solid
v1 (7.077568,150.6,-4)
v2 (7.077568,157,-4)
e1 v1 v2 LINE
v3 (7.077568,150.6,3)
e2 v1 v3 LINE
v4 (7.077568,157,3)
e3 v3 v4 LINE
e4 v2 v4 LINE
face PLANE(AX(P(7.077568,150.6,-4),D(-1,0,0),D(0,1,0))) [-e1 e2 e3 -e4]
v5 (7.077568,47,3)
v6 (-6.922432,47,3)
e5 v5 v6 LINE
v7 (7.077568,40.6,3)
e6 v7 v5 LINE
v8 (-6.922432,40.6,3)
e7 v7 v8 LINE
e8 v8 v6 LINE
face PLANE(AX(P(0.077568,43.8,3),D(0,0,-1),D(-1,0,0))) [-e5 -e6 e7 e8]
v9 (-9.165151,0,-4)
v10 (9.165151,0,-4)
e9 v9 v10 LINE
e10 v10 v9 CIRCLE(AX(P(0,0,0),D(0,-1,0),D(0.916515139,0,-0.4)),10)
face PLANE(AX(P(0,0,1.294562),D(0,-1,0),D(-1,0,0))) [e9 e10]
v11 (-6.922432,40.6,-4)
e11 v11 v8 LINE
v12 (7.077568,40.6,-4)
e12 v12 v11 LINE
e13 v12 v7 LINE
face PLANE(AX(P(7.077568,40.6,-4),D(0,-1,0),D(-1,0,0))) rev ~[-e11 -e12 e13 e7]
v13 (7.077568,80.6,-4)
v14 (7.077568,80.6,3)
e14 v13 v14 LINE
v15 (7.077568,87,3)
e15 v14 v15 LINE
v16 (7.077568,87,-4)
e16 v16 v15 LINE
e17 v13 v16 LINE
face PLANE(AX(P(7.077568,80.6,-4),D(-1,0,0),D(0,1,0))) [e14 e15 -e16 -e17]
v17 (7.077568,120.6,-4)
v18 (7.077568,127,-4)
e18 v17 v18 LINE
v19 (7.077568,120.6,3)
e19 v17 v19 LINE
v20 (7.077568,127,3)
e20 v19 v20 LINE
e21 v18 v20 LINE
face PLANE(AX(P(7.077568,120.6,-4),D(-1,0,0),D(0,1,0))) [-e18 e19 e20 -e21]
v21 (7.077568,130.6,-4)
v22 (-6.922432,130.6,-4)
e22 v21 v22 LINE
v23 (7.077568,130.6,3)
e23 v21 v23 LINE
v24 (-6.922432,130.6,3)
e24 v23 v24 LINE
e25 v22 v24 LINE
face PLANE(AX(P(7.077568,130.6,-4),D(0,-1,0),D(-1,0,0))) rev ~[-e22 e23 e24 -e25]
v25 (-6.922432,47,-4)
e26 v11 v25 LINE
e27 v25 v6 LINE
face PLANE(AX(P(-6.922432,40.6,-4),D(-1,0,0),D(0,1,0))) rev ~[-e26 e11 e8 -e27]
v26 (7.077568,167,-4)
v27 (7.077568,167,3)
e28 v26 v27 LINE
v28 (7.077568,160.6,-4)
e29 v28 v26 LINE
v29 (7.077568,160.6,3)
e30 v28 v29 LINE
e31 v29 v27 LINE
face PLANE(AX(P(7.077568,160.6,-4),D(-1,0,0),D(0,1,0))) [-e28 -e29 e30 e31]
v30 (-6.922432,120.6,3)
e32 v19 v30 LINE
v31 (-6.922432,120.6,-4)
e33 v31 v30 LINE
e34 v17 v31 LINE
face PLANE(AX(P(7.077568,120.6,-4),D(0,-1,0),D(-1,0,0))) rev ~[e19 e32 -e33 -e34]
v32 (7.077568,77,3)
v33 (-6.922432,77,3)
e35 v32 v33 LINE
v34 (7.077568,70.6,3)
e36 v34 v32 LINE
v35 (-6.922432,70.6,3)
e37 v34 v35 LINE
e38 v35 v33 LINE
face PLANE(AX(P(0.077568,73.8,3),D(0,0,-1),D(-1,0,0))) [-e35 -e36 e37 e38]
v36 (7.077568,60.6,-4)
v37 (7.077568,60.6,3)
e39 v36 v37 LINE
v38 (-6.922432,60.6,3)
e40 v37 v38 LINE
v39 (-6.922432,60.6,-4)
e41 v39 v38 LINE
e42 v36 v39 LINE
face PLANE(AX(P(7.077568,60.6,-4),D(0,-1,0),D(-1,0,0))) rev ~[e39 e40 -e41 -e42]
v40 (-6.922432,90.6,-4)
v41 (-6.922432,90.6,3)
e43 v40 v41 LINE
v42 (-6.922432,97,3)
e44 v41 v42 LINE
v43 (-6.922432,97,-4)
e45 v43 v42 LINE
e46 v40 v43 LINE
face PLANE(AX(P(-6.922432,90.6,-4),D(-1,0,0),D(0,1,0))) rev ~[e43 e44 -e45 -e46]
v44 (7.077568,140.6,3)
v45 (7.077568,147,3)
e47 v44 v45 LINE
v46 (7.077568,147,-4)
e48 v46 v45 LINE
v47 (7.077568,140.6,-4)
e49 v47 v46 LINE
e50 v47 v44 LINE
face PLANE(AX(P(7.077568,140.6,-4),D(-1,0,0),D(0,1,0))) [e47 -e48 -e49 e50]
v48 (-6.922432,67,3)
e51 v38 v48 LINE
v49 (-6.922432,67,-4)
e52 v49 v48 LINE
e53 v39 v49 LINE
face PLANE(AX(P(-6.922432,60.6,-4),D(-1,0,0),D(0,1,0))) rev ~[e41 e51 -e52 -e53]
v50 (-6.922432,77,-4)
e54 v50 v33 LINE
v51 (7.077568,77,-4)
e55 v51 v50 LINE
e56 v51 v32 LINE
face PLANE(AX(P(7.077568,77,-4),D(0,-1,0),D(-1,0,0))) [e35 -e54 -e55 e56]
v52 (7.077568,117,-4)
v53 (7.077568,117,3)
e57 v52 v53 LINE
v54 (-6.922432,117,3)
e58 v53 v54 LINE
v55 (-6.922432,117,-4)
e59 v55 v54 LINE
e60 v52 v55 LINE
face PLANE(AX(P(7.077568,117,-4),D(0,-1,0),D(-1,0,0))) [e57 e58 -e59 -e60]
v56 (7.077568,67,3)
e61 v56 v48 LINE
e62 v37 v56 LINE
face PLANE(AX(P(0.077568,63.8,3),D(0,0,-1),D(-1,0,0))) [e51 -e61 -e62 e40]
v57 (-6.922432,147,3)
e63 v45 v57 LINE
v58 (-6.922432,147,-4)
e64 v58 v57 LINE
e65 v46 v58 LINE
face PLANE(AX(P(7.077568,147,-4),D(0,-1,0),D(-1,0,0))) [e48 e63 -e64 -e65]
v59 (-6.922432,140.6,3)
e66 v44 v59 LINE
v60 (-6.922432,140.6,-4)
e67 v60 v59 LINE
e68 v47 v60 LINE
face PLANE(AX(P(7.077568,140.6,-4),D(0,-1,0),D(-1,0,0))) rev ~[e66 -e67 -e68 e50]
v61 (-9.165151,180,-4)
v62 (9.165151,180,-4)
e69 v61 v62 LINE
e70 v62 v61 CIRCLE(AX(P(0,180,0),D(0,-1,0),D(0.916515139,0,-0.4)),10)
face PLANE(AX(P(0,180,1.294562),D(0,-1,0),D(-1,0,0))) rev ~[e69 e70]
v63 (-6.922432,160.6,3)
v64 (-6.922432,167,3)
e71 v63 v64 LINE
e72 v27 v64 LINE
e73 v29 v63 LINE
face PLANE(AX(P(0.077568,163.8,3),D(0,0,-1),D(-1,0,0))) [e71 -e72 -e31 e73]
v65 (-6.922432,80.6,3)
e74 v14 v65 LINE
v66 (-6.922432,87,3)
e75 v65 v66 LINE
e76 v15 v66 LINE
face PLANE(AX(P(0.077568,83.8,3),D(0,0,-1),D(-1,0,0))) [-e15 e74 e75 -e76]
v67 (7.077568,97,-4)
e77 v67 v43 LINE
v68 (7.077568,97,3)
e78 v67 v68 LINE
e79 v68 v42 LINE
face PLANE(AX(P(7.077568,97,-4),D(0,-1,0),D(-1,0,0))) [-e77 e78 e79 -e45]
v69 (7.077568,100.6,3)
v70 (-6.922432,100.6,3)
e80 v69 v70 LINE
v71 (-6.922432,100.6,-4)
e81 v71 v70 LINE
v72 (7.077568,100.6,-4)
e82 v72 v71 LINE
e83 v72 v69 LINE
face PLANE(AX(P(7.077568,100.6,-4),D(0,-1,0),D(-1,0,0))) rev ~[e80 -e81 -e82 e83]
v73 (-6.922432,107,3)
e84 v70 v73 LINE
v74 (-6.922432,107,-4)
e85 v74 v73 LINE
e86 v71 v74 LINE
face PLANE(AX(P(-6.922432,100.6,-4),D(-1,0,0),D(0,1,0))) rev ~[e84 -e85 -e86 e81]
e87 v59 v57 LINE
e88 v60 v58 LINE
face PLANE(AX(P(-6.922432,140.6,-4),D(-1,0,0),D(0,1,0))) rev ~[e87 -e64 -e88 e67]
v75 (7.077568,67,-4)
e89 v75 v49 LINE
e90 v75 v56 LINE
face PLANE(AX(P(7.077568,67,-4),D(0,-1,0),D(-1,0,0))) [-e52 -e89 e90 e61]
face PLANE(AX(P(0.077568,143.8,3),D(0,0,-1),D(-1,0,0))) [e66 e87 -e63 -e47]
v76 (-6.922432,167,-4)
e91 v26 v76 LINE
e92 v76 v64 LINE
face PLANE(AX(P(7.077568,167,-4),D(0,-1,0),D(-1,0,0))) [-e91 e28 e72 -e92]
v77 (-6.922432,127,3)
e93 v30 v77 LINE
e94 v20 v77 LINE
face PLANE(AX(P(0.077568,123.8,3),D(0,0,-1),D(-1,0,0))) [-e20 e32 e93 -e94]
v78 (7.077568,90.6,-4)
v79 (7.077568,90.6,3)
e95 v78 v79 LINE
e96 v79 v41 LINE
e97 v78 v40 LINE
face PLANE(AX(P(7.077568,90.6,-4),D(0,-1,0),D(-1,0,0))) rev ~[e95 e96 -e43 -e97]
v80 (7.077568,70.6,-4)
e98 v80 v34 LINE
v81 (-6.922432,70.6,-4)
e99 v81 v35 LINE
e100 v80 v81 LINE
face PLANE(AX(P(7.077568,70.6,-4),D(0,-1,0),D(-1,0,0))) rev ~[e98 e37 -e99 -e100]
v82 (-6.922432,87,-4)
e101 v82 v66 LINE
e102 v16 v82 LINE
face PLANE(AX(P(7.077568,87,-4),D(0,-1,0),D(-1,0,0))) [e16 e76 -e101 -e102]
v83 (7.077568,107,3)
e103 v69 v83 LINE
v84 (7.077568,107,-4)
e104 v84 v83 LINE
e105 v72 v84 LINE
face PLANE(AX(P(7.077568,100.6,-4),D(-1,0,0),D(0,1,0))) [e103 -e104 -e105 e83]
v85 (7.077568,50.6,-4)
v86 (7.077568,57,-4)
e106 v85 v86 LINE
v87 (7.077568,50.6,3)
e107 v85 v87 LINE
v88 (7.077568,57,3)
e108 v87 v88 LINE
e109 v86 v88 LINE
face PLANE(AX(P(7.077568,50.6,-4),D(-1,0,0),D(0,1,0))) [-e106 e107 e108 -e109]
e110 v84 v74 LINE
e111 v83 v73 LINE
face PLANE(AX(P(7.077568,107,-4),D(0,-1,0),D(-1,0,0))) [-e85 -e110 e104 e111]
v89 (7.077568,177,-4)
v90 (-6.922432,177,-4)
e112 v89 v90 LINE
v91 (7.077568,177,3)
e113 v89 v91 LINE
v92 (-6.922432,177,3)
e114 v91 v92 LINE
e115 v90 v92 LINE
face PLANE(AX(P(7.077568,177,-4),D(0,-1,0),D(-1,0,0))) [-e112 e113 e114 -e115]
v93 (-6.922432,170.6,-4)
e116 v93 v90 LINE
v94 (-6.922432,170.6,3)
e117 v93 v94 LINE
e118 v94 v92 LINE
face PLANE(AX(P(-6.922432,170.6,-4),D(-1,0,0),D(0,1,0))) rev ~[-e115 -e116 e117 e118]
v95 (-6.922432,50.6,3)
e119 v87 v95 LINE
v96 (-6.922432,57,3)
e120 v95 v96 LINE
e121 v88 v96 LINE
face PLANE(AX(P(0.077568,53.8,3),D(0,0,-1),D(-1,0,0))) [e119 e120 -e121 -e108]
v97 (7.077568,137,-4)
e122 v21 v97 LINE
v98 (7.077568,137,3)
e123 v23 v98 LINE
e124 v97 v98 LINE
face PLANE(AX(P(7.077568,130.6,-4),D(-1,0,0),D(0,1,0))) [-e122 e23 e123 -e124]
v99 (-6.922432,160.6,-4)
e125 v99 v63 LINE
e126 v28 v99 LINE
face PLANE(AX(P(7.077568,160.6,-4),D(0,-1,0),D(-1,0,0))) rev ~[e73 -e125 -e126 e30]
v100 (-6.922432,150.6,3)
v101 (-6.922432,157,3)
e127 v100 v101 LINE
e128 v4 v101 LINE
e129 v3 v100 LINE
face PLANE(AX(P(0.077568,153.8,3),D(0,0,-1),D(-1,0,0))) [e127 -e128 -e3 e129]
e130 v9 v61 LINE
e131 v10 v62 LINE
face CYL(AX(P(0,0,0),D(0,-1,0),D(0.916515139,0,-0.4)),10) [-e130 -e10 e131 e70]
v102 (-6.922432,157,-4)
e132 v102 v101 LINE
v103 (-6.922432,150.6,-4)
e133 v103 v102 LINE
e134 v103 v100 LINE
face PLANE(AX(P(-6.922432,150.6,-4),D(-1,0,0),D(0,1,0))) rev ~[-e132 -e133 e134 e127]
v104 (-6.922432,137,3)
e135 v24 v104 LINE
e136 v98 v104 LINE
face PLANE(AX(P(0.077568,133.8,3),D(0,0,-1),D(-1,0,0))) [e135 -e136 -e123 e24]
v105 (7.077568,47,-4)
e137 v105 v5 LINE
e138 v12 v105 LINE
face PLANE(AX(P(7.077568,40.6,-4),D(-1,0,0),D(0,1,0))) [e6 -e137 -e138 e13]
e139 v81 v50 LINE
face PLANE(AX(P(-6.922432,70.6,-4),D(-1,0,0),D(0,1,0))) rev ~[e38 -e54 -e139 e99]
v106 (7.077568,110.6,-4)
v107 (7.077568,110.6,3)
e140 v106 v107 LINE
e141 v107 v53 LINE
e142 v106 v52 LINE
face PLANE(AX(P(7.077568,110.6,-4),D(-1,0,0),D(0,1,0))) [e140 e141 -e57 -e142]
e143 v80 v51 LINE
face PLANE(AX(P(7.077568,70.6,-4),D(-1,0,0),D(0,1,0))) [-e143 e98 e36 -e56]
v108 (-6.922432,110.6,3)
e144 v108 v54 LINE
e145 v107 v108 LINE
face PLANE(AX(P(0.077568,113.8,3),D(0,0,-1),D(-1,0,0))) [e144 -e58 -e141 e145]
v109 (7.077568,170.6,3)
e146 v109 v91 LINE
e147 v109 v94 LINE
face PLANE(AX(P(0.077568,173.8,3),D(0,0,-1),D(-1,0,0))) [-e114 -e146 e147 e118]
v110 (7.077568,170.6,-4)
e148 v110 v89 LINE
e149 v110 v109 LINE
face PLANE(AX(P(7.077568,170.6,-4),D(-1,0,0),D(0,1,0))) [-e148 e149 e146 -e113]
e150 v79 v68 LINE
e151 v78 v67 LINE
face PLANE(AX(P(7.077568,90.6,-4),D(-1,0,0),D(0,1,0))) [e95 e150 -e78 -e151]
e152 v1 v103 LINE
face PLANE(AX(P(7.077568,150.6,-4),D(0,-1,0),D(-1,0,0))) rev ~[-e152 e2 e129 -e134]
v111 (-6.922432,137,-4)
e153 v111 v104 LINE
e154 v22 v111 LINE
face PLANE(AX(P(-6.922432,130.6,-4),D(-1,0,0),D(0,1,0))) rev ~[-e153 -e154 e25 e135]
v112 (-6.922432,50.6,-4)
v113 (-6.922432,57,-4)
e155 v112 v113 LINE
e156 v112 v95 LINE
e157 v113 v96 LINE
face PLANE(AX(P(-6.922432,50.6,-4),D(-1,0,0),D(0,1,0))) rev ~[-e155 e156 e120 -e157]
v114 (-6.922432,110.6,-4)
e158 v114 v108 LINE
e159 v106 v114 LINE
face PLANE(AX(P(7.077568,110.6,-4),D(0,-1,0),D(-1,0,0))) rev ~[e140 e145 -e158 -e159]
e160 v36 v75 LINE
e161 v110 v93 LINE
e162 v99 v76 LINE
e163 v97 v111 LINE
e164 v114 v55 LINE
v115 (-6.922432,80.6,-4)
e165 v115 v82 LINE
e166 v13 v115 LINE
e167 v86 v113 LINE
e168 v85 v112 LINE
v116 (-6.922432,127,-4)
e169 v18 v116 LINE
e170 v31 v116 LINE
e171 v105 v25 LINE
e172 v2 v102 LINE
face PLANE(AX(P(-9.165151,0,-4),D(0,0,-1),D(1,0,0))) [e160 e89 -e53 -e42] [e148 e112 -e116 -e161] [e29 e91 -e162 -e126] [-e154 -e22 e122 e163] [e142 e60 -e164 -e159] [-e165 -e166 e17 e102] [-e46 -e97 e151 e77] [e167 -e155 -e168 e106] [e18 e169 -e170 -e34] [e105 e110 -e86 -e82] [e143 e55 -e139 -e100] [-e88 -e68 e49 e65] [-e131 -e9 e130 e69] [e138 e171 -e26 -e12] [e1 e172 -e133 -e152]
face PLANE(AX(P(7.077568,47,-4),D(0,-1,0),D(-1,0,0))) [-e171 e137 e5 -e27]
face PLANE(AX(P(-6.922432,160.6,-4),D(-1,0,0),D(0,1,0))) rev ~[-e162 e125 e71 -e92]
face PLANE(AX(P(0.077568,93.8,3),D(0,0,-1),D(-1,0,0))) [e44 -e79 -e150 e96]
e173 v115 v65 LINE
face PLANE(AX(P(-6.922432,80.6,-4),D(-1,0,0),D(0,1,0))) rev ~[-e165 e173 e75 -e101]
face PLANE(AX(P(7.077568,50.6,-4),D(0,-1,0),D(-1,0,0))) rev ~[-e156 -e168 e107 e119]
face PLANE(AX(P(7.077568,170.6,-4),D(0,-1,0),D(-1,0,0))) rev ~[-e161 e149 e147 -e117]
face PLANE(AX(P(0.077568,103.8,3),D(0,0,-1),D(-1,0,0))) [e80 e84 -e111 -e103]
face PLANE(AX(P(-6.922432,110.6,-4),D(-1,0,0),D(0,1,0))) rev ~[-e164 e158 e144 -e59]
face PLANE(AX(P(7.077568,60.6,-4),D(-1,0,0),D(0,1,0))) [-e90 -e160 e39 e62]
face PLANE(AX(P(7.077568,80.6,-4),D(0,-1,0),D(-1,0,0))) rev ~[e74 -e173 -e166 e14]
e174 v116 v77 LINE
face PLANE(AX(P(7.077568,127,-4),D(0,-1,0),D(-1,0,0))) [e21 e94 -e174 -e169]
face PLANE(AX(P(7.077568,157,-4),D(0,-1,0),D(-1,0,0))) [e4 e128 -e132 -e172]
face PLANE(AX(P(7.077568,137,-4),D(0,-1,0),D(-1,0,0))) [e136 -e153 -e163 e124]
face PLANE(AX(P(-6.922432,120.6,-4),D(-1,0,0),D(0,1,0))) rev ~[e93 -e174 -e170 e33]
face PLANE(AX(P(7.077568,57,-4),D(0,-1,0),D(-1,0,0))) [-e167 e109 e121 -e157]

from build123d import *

# Parameters (mm, degrees)
BOSS_EXTRUDE1_DEPTH = 180
SKETCH3_W           = 14
SKETCH3_H           = 6.4
CUT_EXTRUDE1_DEPTH  = 7


with BuildPart() as part:
    # Sketch2 → Boss-Extrude1 (new body)
    with BuildSketch(Plane(origin=(0, 0, 0), x_dir=(1, 0, 0), z_dir=(0, 1, 0))):
        with BuildLine():
            Line((-9.16515139, 4), (9.16515139, 4))
            ThreePointArc((9.16515139, 4), (0, -10), (-9.16515139, 4))
        make_face()
    extrude(amount=BOSS_EXTRUDE1_DEPTH)

    # Sketch3 → Cut-Extrude1 (cut)
    with BuildSketch(Plane(origin=(0, 0, -4), x_dir=(-1, 0, 0), z_dir=(0, 0, -1))):
        with Locations((-0.07756818, 173.8)):
            Rectangle(SKETCH3_W, SKETCH3_H)
        with Locations((-0.07756818, 163.8)):
            Rectangle(SKETCH3_W, SKETCH3_H)
        with Locations((-0.07756818, 153.8)):
            Rectangle(SKETCH3_W, SKETCH3_H)
        with Locations((-0.07756818, 143.8)):
            Rectangle(SKETCH3_W, SKETCH3_H)
        with Locations((-0.07756818, 133.8)):
            Rectangle(SKETCH3_W, SKETCH3_H)
        with Locations((-0.07756818, 123.8)):
            Rectangle(SKETCH3_W, SKETCH3_H)
        with Locations((-0.07756818, 113.8)):
            Rectangle(SKETCH3_W, SKETCH3_H)
        with Locations((-0.07756818, 103.8)):
            Rectangle(SKETCH3_W, SKETCH3_H)
        with Locations((-0.07756818, 93.8)):
            Rectangle(SKETCH3_W, SKETCH3_H)
        with Locations((-0.07756818, 83.8)):
            Rectangle(SKETCH3_W, SKETCH3_H)
        with Locations((-0.07756818, 73.8)):
            Rectangle(SKETCH3_W, SKETCH3_H)
        with Locations((-0.07756818, 63.8)):
            Rectangle(SKETCH3_W, SKETCH3_H)
        with Locations((-0.07756818, 53.8)):
            Rectangle(SKETCH3_W, SKETCH3_H)
        with Locations((-0.07756818, 43.8)):
            Rectangle(SKETCH3_W, SKETCH3_H)
    extrude(amount=-CUT_EXTRUDE1_DEPTH, mode=Mode.SUBTRACT)


solid = part.part
